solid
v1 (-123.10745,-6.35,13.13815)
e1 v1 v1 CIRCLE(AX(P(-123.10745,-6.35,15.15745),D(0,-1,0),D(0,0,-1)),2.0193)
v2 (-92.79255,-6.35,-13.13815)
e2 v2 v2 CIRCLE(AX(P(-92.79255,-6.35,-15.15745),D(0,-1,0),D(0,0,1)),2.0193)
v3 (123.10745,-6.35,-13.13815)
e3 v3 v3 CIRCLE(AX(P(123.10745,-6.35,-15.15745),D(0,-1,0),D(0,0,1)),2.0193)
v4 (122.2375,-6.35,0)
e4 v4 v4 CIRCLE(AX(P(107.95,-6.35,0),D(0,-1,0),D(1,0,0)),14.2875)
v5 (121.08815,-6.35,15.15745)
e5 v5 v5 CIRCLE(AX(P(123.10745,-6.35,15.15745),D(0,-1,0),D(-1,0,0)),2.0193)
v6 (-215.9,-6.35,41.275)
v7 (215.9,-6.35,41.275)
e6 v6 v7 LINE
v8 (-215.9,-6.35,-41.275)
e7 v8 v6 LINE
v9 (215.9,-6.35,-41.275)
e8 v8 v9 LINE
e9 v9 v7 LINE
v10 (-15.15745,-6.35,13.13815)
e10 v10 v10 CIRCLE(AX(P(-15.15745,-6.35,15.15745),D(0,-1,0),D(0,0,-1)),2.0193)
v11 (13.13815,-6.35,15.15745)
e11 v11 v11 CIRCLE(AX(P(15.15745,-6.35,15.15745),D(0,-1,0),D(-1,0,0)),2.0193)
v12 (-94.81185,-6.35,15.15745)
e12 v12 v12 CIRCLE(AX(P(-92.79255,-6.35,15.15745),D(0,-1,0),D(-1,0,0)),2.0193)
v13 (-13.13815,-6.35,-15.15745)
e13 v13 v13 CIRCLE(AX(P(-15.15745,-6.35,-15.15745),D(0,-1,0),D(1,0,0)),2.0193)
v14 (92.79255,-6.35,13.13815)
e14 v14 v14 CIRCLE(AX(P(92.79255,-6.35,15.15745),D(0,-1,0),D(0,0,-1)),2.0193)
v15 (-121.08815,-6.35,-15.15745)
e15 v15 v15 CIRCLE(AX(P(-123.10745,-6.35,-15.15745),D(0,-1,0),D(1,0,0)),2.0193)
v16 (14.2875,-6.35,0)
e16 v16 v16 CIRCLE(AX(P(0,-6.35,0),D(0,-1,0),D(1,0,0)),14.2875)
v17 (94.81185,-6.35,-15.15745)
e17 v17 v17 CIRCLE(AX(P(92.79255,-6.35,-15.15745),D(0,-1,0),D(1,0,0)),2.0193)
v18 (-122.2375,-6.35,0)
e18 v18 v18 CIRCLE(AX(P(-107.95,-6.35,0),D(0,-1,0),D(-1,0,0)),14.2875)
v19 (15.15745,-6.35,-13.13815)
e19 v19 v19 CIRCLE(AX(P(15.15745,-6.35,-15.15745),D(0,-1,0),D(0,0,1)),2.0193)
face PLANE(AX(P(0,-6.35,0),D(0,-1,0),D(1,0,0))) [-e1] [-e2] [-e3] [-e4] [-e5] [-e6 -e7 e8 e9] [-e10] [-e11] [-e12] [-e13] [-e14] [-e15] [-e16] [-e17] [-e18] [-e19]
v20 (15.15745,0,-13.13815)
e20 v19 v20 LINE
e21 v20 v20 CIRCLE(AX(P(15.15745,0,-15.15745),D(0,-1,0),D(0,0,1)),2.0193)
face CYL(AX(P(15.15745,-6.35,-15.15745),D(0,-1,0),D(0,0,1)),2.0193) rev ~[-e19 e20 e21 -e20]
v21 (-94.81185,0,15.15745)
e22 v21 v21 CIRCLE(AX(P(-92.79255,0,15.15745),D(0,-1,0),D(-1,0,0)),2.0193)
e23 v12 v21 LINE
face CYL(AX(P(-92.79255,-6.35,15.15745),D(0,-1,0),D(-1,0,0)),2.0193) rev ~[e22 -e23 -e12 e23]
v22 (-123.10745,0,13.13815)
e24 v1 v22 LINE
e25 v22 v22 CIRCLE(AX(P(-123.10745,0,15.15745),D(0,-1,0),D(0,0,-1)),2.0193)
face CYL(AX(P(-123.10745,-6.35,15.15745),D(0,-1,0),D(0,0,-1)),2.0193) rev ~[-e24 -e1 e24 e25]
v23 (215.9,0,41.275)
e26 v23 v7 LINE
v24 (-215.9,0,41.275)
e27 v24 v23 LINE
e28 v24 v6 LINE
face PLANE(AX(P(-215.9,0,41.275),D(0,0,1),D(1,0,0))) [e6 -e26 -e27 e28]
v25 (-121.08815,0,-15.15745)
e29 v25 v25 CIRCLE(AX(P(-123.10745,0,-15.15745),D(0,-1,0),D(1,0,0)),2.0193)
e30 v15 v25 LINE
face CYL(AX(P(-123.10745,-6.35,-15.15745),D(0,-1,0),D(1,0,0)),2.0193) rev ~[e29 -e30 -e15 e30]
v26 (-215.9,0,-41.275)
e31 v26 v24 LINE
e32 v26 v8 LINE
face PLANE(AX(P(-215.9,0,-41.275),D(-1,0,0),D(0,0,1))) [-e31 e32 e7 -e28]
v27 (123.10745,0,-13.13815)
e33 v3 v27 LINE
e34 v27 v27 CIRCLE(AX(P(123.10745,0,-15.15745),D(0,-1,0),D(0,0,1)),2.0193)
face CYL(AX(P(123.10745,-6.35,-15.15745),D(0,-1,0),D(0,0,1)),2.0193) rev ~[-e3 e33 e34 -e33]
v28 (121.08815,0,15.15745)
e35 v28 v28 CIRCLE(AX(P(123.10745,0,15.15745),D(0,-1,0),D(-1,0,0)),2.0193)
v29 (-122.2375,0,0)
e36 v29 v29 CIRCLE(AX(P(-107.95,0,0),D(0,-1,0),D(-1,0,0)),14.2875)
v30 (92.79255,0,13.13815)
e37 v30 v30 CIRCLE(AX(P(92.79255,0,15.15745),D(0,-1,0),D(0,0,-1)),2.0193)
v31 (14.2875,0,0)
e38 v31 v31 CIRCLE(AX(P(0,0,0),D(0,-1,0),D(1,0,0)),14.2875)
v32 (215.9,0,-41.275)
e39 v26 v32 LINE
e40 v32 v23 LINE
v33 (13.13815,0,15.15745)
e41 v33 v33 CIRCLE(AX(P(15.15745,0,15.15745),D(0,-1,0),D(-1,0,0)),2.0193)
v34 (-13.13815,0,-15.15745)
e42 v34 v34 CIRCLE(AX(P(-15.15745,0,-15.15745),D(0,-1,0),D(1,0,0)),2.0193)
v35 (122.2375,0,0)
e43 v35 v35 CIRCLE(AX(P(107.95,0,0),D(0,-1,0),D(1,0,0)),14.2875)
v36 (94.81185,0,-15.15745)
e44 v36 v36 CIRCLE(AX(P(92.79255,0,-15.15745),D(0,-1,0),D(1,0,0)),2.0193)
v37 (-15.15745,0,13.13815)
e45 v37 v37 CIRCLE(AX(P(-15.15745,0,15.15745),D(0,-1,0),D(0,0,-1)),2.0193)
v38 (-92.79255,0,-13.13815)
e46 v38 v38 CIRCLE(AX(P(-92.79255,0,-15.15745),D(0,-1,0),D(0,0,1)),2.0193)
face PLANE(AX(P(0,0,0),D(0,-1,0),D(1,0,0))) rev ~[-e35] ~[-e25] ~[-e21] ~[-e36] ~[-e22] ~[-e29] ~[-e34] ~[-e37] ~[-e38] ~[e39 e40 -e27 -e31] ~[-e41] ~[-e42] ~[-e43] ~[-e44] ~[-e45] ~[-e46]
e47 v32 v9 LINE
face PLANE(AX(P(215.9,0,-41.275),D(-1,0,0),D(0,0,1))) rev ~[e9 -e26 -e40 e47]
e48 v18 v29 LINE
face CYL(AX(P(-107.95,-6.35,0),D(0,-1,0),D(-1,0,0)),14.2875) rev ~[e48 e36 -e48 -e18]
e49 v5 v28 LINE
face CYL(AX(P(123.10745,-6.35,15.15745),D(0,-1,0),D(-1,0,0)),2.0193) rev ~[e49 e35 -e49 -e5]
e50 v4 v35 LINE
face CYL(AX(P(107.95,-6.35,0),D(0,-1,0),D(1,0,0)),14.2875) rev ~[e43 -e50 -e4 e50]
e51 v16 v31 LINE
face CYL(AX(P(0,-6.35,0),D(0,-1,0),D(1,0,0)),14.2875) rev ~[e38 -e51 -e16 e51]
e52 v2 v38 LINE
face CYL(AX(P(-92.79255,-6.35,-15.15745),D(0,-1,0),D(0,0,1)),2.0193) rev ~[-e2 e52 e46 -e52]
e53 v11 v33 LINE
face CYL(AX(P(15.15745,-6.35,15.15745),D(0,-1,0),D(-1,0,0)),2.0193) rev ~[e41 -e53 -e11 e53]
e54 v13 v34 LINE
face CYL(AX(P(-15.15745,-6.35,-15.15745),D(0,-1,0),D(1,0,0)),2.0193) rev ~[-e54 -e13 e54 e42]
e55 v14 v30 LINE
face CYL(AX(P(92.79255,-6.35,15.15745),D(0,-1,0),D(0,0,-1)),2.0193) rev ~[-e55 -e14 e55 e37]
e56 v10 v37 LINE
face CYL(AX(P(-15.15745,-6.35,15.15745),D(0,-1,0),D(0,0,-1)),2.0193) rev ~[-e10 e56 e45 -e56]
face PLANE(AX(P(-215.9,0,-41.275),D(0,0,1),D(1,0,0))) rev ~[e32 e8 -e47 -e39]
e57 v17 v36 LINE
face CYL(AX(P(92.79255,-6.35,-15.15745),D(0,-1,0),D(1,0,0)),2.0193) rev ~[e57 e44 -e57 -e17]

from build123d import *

# Parameters (mm, degrees)
F0_W     = 431.8
F0_H     = 82.55
F1_DEPTH = 6.35
F3_DEPTH = 6.35
F5_DEPTH = 6.35


with BuildPart() as f1:
    # F0 (on Front) → F1 (new body)
    with BuildSketch(Plane.XZ):
        Rectangle(F0_W, F0_H)
    extrude(amount=F1_DEPTH)

    # F2 (on face) → F3 (cut, through all)
    with BuildSketch(Plane.XZ.offset(6.35)):
        with BuildLine():
            Line((-122.2375, 0), (-93.6625, 0))
            ThreePointArc((-93.6625, 0), (-107.95, 14.2875), (-122.2375, 0))
        make_face()
        with BuildLine():
            ThreePointArc((-122.2375, 0), (-107.95, -14.2875), (-93.6625, 0))
            Line((-93.6625, 0), (-122.2375, 0))
        make_face()
        with BuildLine():
            ThreePointArc((-14.2875, 0), (0, -14.2875), (14.2875, 0))
            Line((14.2875, 0), (-14.2875, 0))
        make_face()
        with BuildLine():
            Line((-14.2875, 0), (14.2875, 0))
            ThreePointArc((14.2875, 0), (0, 14.2875), (-14.2875, 0))
        make_face()
        with BuildLine():
            ThreePointArc((93.6625, 0), (107.95, -14.2875), (122.2375, 0))
            Line((122.2375, 0), (93.6625, 0))
        make_face()
        with BuildLine():
            Line((93.6625, 0), (122.2375, 0))
            ThreePointArc((122.2375, 0), (107.95, 14.2875), (93.6625, 0))
        make_face()
    extrude(amount=-F3_DEPTH, mode=Mode.SUBTRACT)

    # F4 (on face) → F5 (cut, through all)
    with BuildSketch(Plane.XZ.offset(6.35)):
        with BuildLine():
            ThreePointArc((-90.77325, -15.15745), (-91.3646892767, -13.7295892768), (-92.79255, -13.13815))
            Line((-92.79255, -13.13815), (-92.79255, -15.15745))
            Line((-92.79255, -15.15745), (-94.81185, -15.15745))
            ThreePointArc((-94.81185, -15.15745), (-92.79255, -17.17675), (-90.77325, -15.15745))
        make_face()
        with BuildLine():
            Line((-92.79255, -15.15745), (-92.79255, -13.13815))
            ThreePointArc((-92.79255, -13.13815), (-94.2204107232, -13.7295892767), (-94.81185, -15.15745))
            Line((-94.81185, -15.15745), (-92.79255, -15.15745))
        make_face()
        with BuildLine():
            ThreePointArc((-90.77325, 15.15745), (-92.79255, 17.17675), (-94.81185, 15.15745))
            Line((-94.81185, 15.15745), (-92.79255, 15.15745))
            Line((-92.79255, 15.15745), (-92.79255, 13.13815))
            ThreePointArc((-92.79255, 13.13815), (-91.3646892767, 13.7295892768), (-90.77325, 15.15745))
        make_face()
        with BuildLine():
            Line((-92.79255, 15.15745), (-94.81185, 15.15745))
            ThreePointArc((-94.81185, 15.15745), (-94.2204107232, 13.7295892767), (-92.79255, 13.13815))
            Line((-92.79255, 13.13815), (-92.79255, 15.15745))
        make_face()
        with BuildLine():
            ThreePointArc((-123.10745, -13.13815), (-124.5353107233, -16.5853107232), (-121.08815, -15.15745))
            Line((-121.08815, -15.15745), (-123.10745, -15.15745))
            Line((-123.10745, -15.15745), (-123.10745, -13.13815))
        make_face()
        with BuildLine():
            Line((-123.10745, -15.15745), (-121.08815, -15.15745))
            ThreePointArc((-121.08815, -15.15745), (-121.6795892767, -13.7295892768), (-123.10745, -13.13815))
            Line((-123.10745, -13.13815), (-123.10745, -15.15745))
        make_face()
        with BuildLine():
            ThreePointArc((-121.08815, 15.15745), (-124.5353107233, 16.5853107232), (-123.10745, 13.13815))
            ThreePointArc((-123.10745, 13.13815), (-121.6795892767, 13.7295892768), (-121.08815, 15.15745))
        make_face()
        with BuildLine():
            ThreePointArc((125.12675, -15.15745), (124.5353107233, -13.7295892768), (123.10745, -13.13815))
            Line((123.10745, -13.13815), (123.10745, -15.15745))
            Line((123.10745, -15.15745), (121.08815, -15.15745))
            ThreePointArc((121.08815, -15.15745), (123.10745, -17.17675), (125.12675, -15.15745))
        make_face()
        with BuildLine():
            Line((123.10745, -15.15745), (123.10745, -13.13815))
            ThreePointArc((123.10745, -13.13815), (121.6795892768, -13.7295892767), (121.08815, -15.15745))
            Line((121.08815, -15.15745), (123.10745, -15.15745))
        make_face()
        with BuildLine():
            ThreePointArc((125.12675, 15.15745), (123.10745, 17.17675), (121.08815, 15.15745))
            Line((121.08815, 15.15745), (123.10745, 15.15745))
            Line((123.10745, 15.15745), (123.10745, 13.13815))
            ThreePointArc((123.10745, 13.13815), (124.5353107233, 13.7295892768), (125.12675, 15.15745))
        make_face()
        with BuildLine():
            Line((123.10745, 15.15745), (121.08815, 15.15745))
            ThreePointArc((121.08815, 15.15745), (121.6795892768, 13.7295892767), (123.10745, 13.13815))
            Line((123.10745, 13.13815), (123.10745, 15.15745))
        make_face()
        with BuildLine():
            ThreePointArc((94.81185, 15.15745), (91.3646892767, 16.5853107232), (92.79255, 13.13815))
            ThreePointArc((92.79255, 13.13815), (94.2204107233, 13.7295892768), (94.81185, 15.15745))
        make_face()
        with BuildLine():
            ThreePointArc((92.79255, -13.13815), (91.3646892767, -16.5853107232), (94.81185, -15.15745))
            Line((94.81185, -15.15745), (92.79255, -15.15745))
            Line((92.79255, -15.15745), (92.79255, -13.13815))
        make_face()
        with BuildLine():
            Line((92.79255, -15.15745), (94.81185, -15.15745))
            ThreePointArc((94.81185, -15.15745), (94.2204107233, -13.7295892768), (92.79255, -13.13815))
            Line((92.79255, -13.13815), (92.79255, -15.15745))
        make_face()
        with BuildLine():
            ThreePointArc((-15.15745, -13.13815), (-16.5853107233, -16.5853107232), (-13.13815, -15.15745))
            Line((-13.13815, -15.15745), (-15.15745, -15.15745))
            Line((-15.15745, -15.15745), (-15.15745, -13.13815))
        make_face()
        with BuildLine():
            Line((-15.15745, -15.15745), (-13.13815, -15.15745))
            ThreePointArc((-13.13815, -15.15745), (-13.7295892767, -13.7295892768), (-15.15745, -13.13815))
            Line((-15.15745, -13.13815), (-15.15745, -15.15745))
        make_face()
        with BuildLine():
            ThreePointArc((17.17675, -15.15745), (16.5853107233, -13.7295892768), (15.15745, -13.13815))
            Line((15.15745, -13.13815), (15.15745, -15.15745))
            Line((15.15745, -15.15745), (13.13815, -15.15745))
            ThreePointArc((13.13815, -15.15745), (15.15745, -17.17675), (17.17675, -15.15745))
        make_face()
        with BuildLine():
            Line((15.15745, -15.15745), (15.15745, -13.13815))
            ThreePointArc((15.15745, -13.13815), (13.7295892768, -13.7295892767), (13.13815, -15.15745))
            Line((13.13815, -15.15745), (15.15745, -15.15745))
        make_face()
        with BuildLine():
            ThreePointArc((17.17675, 15.15745), (15.15745, 17.17675), (13.13815, 15.15745))
            Line((13.13815, 15.15745), (15.15745, 15.15745))
            Line((15.15745, 15.15745), (15.15745, 13.13815))
            ThreePointArc((15.15745, 13.13815), (16.5853107233, 13.7295892768), (17.17675, 15.15745))
        make_face()
        with BuildLine():
            Line((15.15745, 15.15745), (13.13815, 15.15745))
            ThreePointArc((13.13815, 15.15745), (13.7295892768, 13.7295892767), (15.15745, 13.13815))
            Line((15.15745, 13.13815), (15.15745, 15.15745))
        make_face()
        with BuildLine():
            ThreePointArc((-13.13815, 15.15745), (-16.5853107233, 16.5853107232), (-15.15745, 13.13815))
            ThreePointArc((-15.15745, 13.13815), (-13.7295892767, 13.7295892768), (-13.13815, 15.15745))
        make_face()
    extrude(amount=-F5_DEPTH, mode=Mode.SUBTRACT)


solid = f1.part
